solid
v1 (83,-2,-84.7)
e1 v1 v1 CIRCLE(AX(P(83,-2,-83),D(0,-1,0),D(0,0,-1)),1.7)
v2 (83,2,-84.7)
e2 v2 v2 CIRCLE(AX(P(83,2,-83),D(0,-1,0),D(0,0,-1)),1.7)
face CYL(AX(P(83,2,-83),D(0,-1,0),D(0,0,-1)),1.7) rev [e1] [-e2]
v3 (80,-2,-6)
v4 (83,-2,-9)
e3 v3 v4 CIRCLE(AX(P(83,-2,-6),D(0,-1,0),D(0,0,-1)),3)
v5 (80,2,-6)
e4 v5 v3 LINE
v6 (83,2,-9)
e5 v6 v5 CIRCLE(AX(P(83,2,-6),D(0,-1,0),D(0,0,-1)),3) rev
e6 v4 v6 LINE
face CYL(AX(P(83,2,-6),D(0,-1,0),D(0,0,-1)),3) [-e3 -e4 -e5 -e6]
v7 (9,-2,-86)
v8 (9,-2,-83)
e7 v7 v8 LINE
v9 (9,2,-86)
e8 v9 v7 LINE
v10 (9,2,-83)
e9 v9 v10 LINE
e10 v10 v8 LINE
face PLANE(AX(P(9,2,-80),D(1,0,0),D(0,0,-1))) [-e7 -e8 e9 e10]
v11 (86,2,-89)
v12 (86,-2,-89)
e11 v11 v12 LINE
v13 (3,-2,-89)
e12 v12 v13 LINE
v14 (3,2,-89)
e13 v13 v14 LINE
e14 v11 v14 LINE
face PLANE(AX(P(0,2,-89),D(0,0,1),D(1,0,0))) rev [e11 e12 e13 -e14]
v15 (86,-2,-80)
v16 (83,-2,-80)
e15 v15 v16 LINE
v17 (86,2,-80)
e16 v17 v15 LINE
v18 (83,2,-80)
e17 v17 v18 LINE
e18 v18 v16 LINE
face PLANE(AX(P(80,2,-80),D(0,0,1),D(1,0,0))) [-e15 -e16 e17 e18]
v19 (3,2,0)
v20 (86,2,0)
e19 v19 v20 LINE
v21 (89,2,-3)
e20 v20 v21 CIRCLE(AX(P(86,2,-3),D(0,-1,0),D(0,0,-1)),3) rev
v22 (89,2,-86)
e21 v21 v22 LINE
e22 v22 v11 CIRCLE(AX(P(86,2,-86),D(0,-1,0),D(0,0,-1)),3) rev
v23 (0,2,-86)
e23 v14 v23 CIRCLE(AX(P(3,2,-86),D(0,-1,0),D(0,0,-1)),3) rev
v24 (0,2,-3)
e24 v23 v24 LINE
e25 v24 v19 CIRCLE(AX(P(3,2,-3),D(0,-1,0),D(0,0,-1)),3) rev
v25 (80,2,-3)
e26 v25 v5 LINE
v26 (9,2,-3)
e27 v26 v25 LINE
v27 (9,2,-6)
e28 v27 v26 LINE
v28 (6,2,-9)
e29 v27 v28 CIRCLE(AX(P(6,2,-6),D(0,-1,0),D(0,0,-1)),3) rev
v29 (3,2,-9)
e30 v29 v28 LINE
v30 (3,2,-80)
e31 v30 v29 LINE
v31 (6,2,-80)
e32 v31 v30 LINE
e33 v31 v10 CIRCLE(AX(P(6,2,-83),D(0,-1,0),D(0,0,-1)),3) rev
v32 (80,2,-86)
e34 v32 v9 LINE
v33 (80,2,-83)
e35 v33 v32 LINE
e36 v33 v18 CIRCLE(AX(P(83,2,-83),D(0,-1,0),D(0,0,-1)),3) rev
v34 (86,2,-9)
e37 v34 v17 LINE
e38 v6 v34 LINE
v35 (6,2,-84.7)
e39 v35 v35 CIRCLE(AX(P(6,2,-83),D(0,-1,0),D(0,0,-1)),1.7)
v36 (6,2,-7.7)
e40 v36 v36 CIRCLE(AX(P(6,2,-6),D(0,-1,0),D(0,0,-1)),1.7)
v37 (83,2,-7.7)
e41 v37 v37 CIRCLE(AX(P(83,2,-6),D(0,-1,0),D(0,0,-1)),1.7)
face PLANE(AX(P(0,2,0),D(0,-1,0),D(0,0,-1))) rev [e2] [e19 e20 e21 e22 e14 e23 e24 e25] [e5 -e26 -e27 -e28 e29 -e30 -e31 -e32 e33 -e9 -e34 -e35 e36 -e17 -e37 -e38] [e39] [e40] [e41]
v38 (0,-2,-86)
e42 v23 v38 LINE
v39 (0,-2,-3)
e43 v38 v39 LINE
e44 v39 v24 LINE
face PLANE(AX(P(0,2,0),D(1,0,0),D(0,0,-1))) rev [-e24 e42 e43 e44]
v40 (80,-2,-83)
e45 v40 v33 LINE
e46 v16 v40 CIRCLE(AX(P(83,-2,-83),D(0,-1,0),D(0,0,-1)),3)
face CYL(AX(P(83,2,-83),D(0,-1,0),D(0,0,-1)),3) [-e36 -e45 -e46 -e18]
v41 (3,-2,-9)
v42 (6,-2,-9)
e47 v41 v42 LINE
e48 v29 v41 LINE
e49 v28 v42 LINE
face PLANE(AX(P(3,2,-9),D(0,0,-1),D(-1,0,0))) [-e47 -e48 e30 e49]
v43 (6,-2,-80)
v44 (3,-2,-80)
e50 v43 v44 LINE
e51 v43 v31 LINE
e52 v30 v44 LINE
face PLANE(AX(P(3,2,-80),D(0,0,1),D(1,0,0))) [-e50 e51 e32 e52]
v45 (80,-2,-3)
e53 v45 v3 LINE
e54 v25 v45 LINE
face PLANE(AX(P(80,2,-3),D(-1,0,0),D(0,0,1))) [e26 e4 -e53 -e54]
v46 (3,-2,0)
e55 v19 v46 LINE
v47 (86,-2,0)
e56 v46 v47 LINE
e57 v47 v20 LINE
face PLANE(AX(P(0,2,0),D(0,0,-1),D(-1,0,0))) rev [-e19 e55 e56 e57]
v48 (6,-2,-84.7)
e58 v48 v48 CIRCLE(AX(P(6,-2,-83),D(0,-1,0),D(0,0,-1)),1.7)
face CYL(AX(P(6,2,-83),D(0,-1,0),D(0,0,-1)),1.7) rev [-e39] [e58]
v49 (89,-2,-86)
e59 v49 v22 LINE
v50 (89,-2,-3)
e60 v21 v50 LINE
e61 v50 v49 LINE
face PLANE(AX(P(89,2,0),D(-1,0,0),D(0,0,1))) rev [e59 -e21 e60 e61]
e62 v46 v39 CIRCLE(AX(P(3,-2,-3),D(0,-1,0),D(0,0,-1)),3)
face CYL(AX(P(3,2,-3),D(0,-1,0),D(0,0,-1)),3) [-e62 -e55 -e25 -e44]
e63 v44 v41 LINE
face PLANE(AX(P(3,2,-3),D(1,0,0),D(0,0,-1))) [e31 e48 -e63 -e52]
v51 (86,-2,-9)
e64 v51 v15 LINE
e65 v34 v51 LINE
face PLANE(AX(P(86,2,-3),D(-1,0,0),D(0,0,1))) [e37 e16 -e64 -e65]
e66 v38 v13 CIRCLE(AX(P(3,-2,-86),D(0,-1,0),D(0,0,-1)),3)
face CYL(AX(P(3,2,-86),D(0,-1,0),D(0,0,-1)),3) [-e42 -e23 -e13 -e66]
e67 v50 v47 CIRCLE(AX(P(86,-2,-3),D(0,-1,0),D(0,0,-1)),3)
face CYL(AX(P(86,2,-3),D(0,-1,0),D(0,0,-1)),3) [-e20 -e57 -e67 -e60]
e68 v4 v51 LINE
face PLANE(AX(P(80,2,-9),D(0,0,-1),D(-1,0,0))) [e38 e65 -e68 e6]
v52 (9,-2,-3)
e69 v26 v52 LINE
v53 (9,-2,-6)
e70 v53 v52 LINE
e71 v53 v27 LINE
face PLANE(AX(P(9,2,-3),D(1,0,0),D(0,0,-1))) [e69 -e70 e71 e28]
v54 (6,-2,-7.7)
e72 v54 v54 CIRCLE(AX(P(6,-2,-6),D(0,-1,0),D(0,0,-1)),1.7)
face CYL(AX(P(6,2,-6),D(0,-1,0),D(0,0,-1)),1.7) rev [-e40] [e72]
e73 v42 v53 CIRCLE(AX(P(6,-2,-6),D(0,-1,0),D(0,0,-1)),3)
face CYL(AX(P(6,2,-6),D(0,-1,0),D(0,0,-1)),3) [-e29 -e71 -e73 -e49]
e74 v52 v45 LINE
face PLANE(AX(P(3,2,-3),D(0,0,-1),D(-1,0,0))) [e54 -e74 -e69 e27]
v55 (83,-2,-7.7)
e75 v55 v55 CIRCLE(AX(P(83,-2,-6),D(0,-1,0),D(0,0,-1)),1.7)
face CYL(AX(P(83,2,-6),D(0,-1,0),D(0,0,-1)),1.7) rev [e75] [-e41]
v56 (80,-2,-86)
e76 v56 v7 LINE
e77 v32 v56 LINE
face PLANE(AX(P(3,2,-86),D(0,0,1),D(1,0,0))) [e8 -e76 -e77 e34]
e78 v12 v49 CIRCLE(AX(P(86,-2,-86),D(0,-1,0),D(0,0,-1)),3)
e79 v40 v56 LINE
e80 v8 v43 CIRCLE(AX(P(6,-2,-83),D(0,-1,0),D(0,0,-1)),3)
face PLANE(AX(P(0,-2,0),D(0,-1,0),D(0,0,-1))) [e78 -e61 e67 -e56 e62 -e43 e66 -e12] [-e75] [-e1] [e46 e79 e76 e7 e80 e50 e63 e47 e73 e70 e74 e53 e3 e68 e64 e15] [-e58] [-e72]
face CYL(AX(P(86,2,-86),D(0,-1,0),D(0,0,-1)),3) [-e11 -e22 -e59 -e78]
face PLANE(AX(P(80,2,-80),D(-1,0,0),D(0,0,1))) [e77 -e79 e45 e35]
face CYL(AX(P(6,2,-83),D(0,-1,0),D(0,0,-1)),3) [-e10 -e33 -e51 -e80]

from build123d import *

# Parameters (mm, degrees)
SKETCH1_W           = 89
SKETCH1_H           = 89
SKETCH1_W_2         = 83
SKETCH1_H_2         = 83
BOSS_EXTRUDE1_DEPTH = 2
SKETCH4_W           = 6
SKETCH4_H           = 6
SKETCH4_R           = 1.7
BOSS_EXTRUDE3_DEPTH = 4
FILLET3_R           = 3
FILLET4_R           = 3


with BuildPart() as part:
    # Sketch1 → Boss-Extrude1 (new body, symmetric)
    with BuildSketch(Plane(origin=(0, 0, 0), x_dir=(1, 0, 0), z_dir=(0, 1, 0))):
        with Locations((44.5, 44.5)):
            Rectangle(SKETCH1_W, SKETCH1_H)
        with Locations((44.5, 44.5)):
            Rectangle(SKETCH1_W_2, SKETCH1_H_2, mode=Mode.SUBTRACT)
    extrude(amount=BOSS_EXTRUDE1_DEPTH, both=True)

    # Sketch4 → Boss-Extrude3 (add)
    with BuildSketch(Plane.XZ.offset(2)):
        with Locations((83, -6)):
            Rectangle(SKETCH4_W, SKETCH4_H)
        with Locations((83, -6)):
            Circle(SKETCH4_R, mode=Mode.SUBTRACT)
        with Locations((6, -6)):
            Rectangle(SKETCH4_W, SKETCH4_H)
        with Locations((6, -6)):
            Circle(SKETCH4_R, mode=Mode.SUBTRACT)
        with Locations((83, -83)):
            Rectangle(SKETCH4_W, SKETCH4_H)
        with Locations((83, -83)):
            Circle(SKETCH4_R, mode=Mode.SUBTRACT)
        with Locations((6, -83)):
            Rectangle(SKETCH4_W, SKETCH4_H)
        with Locations((6, -83)):
            Circle(SKETCH4_R, mode=Mode.SUBTRACT)
    extrude(amount=-BOSS_EXTRUDE3_DEPTH)

    # Fillet3
    fillet3_edges = [part.edges().sort_by_distance(p)[0] for p in [
        (9, 0, -9),
        (80, 0, -9),
        (9, 0, -80),
        (80, 0, -80),
    ]]
    fillet(fillet3_edges, radius=FILLET3_R)

    # Fillet4
    fillet4_edges = [part.edges().sort_by_distance(p)[0] for p in [
        (0, 0, -89),
        (89, 0, -89),
        (89, 0, 0),
        (0, 0, 0),
    ]]
    fillet(fillet4_edges, radius=FILLET4_R)


solid = part.part
